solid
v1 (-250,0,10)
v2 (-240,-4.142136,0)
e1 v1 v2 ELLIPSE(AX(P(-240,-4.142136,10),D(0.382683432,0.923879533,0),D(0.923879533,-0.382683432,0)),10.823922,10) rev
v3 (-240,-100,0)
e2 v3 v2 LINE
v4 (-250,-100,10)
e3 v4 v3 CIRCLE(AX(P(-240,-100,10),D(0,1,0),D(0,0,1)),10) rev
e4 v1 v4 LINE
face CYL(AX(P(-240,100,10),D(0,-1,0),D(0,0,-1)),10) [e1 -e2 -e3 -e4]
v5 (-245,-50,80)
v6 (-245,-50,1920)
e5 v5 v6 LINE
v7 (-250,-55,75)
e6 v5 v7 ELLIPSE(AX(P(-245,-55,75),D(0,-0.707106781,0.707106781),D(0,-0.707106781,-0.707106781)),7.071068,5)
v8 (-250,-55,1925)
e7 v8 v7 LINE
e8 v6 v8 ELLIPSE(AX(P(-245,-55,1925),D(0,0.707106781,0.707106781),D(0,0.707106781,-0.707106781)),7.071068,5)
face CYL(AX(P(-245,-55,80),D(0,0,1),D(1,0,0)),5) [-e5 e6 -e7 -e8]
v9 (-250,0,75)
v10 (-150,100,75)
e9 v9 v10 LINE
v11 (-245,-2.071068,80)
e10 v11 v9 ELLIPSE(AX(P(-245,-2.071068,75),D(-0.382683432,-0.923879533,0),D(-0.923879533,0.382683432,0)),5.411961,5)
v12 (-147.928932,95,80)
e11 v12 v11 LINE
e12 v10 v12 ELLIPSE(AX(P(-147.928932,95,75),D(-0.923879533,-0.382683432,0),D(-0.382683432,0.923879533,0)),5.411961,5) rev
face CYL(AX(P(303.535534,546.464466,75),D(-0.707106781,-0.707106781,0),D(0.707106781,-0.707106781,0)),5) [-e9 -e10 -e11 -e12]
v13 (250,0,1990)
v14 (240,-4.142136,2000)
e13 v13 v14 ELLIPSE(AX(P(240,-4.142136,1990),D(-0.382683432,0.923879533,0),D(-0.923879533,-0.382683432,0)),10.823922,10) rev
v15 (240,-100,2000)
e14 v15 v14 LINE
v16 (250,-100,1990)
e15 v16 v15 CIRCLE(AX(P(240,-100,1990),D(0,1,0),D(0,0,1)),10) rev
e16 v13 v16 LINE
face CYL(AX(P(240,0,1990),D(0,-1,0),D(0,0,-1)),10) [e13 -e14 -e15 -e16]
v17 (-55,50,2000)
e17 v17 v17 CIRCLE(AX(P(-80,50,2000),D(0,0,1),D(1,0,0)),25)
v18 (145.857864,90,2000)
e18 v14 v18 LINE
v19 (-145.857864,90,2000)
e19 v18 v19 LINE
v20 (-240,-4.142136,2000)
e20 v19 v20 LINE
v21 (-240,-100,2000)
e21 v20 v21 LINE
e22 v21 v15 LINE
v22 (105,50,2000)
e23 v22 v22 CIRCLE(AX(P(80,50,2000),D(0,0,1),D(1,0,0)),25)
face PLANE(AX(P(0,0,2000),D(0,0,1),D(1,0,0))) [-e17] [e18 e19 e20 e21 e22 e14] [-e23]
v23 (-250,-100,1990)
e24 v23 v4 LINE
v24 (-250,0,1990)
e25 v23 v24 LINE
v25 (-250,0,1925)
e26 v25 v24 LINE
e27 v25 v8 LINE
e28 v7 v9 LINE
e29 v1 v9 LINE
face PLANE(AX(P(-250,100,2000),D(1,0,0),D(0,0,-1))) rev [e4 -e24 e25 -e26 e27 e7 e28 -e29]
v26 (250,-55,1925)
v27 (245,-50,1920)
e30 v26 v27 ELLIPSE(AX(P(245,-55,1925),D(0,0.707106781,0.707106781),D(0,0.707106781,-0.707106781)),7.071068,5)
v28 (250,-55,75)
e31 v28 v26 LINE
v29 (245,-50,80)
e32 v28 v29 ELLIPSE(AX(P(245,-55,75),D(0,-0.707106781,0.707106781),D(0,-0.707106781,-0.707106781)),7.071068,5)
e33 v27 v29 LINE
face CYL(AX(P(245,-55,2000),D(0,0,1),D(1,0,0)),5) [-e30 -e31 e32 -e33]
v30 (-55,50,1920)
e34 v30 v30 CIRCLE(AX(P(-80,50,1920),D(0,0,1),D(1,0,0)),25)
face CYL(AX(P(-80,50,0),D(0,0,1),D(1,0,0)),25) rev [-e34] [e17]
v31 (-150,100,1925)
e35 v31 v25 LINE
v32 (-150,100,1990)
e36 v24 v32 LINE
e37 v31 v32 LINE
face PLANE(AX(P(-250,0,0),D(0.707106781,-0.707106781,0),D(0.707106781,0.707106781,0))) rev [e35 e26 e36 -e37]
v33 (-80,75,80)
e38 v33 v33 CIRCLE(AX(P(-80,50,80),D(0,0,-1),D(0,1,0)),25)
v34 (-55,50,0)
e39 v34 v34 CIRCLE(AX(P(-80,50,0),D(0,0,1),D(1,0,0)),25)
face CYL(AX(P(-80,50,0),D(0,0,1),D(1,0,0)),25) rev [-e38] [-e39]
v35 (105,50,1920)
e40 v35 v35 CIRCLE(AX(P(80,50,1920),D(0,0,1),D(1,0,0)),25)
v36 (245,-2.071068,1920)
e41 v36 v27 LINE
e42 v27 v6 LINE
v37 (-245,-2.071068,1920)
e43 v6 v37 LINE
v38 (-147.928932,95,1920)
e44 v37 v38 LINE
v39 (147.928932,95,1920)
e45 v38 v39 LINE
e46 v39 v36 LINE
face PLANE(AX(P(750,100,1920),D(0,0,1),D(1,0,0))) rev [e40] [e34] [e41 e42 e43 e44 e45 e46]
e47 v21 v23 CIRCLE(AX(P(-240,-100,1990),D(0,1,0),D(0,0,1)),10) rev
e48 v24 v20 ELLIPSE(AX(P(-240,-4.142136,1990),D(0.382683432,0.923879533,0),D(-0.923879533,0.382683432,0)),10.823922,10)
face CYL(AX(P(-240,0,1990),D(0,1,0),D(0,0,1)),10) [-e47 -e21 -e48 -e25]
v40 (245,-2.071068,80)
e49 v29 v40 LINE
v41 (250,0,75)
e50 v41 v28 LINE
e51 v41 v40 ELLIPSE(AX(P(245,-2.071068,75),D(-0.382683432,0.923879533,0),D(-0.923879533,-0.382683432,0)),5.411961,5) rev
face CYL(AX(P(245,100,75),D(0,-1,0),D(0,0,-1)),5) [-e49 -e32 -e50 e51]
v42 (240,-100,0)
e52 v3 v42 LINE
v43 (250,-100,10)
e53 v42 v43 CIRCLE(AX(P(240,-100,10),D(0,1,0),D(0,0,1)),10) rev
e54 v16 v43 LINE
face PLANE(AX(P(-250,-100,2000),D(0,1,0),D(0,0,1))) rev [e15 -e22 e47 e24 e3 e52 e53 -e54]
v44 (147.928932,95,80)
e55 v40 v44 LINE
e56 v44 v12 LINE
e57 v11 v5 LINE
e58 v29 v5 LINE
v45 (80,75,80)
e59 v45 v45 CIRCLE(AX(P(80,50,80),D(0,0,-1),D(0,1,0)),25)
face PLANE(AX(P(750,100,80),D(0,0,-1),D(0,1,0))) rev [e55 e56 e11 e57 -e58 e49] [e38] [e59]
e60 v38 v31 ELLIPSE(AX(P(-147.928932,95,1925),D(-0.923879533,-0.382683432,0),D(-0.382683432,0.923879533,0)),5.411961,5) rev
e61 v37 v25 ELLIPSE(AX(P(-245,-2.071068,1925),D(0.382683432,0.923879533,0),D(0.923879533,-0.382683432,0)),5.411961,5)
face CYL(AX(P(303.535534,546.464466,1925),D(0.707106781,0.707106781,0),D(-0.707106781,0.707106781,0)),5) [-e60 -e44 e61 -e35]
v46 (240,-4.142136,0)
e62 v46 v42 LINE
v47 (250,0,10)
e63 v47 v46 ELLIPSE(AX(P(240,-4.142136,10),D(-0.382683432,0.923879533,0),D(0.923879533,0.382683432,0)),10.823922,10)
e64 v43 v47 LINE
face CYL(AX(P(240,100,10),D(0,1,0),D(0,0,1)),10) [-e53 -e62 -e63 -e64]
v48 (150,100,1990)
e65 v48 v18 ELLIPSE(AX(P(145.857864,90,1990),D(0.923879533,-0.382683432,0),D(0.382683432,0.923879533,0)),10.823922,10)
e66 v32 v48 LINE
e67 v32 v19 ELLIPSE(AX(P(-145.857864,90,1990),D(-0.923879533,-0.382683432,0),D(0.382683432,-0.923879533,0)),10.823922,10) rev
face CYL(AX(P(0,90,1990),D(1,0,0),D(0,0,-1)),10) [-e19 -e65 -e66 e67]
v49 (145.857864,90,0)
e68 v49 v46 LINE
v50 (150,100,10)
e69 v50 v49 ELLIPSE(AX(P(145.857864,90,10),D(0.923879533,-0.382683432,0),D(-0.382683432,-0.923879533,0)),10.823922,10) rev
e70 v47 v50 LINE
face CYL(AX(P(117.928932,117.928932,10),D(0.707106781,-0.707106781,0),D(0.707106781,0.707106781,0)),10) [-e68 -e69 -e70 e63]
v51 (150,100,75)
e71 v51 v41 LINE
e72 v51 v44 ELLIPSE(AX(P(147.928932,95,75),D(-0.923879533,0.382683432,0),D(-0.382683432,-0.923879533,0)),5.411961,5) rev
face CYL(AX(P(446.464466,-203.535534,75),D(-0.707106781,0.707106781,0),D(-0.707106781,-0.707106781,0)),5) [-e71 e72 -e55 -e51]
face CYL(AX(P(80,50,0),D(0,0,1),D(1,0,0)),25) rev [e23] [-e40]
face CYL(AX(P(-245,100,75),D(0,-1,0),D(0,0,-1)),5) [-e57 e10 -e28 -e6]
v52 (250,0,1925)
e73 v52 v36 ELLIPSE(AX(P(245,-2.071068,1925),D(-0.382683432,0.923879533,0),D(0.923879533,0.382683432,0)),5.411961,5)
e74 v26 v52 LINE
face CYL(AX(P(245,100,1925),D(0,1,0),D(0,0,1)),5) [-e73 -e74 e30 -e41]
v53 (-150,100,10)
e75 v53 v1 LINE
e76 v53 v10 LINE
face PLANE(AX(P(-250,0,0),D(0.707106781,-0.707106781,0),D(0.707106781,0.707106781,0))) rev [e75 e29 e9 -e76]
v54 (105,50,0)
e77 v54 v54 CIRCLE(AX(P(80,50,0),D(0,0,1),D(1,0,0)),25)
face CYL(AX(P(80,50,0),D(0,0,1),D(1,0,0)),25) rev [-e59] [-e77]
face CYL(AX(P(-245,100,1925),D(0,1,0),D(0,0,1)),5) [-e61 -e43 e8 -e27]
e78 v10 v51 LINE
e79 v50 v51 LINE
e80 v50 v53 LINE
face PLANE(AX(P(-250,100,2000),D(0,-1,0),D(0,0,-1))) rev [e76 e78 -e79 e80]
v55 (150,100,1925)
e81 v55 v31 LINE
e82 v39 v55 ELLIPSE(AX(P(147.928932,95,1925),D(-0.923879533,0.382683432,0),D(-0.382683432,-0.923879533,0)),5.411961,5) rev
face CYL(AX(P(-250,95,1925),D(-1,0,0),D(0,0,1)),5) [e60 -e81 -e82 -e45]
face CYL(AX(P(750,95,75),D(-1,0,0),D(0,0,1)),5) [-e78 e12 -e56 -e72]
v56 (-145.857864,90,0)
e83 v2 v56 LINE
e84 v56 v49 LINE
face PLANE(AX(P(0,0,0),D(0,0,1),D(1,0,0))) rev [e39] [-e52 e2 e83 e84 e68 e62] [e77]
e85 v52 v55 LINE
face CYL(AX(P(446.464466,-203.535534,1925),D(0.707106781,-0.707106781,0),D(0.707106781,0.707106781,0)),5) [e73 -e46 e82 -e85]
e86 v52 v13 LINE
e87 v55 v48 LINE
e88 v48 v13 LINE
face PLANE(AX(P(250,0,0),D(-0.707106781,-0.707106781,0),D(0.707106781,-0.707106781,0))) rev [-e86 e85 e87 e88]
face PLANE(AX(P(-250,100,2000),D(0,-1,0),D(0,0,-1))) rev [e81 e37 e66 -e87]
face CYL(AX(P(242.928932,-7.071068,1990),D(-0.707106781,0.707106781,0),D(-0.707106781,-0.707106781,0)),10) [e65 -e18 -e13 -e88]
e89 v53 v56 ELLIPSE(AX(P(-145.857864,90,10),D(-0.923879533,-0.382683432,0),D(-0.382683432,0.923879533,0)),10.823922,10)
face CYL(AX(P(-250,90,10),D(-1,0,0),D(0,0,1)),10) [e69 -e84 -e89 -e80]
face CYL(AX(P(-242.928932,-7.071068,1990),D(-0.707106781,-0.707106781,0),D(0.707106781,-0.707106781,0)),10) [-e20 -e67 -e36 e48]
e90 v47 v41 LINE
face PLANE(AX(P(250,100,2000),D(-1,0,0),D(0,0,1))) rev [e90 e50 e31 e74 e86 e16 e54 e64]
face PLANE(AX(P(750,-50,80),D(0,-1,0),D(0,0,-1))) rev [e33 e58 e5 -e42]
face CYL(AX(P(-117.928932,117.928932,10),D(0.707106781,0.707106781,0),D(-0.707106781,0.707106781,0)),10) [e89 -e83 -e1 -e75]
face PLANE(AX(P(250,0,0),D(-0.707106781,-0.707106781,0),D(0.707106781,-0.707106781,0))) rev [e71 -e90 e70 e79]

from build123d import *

# Parameters (mm, degrees)
SKETCH1_W           = 500
SKETCH1_H           = 200
BOSS_EXTRUDE1_DEPTH = 2000
SKETCH3_W           = 1840
SKETCH3_H           = 150
CUT_EXTRUDE1_DEPTH  = 1000
CUT_EXTRUDE2_DEPTH  = 2001
SKETCH4_R           = 25
CUT_EXTRUDE3_DEPTH  = 2001
FILLET1_R           = 10
FILLET2_R           = 10
FILLET4_R           = 5


with BuildPart() as part:
    # Sketch1 → Boss-Extrude1 (new body)
    with BuildSketch(Plane.XY):
        Rectangle(SKETCH1_W, SKETCH1_H)
    extrude(amount=BOSS_EXTRUDE1_DEPTH)

    # Sketch3 → Cut-Extrude1 (cut)
    with BuildSketch(Plane.ZY.offset(250)):
        with Locations((1000, 25)):
            Rectangle(SKETCH3_W, SKETCH3_H)
    extrude(amount=-CUT_EXTRUDE1_DEPTH, mode=Mode.SUBTRACT)

    # Sketch2 → Cut-Extrude2 (cut, through all)
    with BuildSketch(Plane.XY.offset(2000)):
        Polygon((-250, 0), (-150, 100), (-250, 100), align=None)
        Polygon((250, 0), (150, 100), (250, 100), align=None)
    extrude(amount=-CUT_EXTRUDE2_DEPTH, mode=Mode.SUBTRACT)

    # Sketch4 → Cut-Extrude3 (cut, through all)
    with BuildSketch(Plane.XY.offset(2000)):
        with Locations((-80, 50)):
            Circle(SKETCH4_R)
        with Locations((80, 50)):
            Circle(SKETCH4_R)
    extrude(amount=-CUT_EXTRUDE3_DEPTH, mode=Mode.SUBTRACT)

    # Fillet1
    fillet1_edges = [part.edges().sort_by_distance(p)[0] for p in [
        (-250, -50, 2000),
        (250, -50, 2000),
        (-200, 50, 2000),
        (0, 100, 2000),
        (200, 50, 2000),
    ]]
    fillet(fillet1_edges, radius=FILLET1_R)

    # Fillet2
    fillet2_edges = [part.edges().sort_by_distance(p)[0] for p in [
        (-250, -50, 0),
        (-200, 50, 0),
        (0, 100, 0),
        (250, -50, 0),
        (200, 50, 0),
    ]]
    fillet(fillet2_edges, radius=FILLET2_R)

    # Fillet4
    fillet4_edges = [part.edges().sort_by_distance(p)[0] for p in [
        (250, -25, 1920),
        (250, -50, 1000),
        (-250, -50, 1000),
        (-250, -25, 1920),
        (-200, 50, 1920),
        (-250, -25, 80),
        (-200, 50, 80),
        (0, 100, 1920),
        (200, 50, 1920),
        (0, 100, 80),
        (250, -25, 80),
        (200, 50, 80),
    ]]
    fillet(fillet4_edges, radius=FILLET4_R)


solid = part.part
